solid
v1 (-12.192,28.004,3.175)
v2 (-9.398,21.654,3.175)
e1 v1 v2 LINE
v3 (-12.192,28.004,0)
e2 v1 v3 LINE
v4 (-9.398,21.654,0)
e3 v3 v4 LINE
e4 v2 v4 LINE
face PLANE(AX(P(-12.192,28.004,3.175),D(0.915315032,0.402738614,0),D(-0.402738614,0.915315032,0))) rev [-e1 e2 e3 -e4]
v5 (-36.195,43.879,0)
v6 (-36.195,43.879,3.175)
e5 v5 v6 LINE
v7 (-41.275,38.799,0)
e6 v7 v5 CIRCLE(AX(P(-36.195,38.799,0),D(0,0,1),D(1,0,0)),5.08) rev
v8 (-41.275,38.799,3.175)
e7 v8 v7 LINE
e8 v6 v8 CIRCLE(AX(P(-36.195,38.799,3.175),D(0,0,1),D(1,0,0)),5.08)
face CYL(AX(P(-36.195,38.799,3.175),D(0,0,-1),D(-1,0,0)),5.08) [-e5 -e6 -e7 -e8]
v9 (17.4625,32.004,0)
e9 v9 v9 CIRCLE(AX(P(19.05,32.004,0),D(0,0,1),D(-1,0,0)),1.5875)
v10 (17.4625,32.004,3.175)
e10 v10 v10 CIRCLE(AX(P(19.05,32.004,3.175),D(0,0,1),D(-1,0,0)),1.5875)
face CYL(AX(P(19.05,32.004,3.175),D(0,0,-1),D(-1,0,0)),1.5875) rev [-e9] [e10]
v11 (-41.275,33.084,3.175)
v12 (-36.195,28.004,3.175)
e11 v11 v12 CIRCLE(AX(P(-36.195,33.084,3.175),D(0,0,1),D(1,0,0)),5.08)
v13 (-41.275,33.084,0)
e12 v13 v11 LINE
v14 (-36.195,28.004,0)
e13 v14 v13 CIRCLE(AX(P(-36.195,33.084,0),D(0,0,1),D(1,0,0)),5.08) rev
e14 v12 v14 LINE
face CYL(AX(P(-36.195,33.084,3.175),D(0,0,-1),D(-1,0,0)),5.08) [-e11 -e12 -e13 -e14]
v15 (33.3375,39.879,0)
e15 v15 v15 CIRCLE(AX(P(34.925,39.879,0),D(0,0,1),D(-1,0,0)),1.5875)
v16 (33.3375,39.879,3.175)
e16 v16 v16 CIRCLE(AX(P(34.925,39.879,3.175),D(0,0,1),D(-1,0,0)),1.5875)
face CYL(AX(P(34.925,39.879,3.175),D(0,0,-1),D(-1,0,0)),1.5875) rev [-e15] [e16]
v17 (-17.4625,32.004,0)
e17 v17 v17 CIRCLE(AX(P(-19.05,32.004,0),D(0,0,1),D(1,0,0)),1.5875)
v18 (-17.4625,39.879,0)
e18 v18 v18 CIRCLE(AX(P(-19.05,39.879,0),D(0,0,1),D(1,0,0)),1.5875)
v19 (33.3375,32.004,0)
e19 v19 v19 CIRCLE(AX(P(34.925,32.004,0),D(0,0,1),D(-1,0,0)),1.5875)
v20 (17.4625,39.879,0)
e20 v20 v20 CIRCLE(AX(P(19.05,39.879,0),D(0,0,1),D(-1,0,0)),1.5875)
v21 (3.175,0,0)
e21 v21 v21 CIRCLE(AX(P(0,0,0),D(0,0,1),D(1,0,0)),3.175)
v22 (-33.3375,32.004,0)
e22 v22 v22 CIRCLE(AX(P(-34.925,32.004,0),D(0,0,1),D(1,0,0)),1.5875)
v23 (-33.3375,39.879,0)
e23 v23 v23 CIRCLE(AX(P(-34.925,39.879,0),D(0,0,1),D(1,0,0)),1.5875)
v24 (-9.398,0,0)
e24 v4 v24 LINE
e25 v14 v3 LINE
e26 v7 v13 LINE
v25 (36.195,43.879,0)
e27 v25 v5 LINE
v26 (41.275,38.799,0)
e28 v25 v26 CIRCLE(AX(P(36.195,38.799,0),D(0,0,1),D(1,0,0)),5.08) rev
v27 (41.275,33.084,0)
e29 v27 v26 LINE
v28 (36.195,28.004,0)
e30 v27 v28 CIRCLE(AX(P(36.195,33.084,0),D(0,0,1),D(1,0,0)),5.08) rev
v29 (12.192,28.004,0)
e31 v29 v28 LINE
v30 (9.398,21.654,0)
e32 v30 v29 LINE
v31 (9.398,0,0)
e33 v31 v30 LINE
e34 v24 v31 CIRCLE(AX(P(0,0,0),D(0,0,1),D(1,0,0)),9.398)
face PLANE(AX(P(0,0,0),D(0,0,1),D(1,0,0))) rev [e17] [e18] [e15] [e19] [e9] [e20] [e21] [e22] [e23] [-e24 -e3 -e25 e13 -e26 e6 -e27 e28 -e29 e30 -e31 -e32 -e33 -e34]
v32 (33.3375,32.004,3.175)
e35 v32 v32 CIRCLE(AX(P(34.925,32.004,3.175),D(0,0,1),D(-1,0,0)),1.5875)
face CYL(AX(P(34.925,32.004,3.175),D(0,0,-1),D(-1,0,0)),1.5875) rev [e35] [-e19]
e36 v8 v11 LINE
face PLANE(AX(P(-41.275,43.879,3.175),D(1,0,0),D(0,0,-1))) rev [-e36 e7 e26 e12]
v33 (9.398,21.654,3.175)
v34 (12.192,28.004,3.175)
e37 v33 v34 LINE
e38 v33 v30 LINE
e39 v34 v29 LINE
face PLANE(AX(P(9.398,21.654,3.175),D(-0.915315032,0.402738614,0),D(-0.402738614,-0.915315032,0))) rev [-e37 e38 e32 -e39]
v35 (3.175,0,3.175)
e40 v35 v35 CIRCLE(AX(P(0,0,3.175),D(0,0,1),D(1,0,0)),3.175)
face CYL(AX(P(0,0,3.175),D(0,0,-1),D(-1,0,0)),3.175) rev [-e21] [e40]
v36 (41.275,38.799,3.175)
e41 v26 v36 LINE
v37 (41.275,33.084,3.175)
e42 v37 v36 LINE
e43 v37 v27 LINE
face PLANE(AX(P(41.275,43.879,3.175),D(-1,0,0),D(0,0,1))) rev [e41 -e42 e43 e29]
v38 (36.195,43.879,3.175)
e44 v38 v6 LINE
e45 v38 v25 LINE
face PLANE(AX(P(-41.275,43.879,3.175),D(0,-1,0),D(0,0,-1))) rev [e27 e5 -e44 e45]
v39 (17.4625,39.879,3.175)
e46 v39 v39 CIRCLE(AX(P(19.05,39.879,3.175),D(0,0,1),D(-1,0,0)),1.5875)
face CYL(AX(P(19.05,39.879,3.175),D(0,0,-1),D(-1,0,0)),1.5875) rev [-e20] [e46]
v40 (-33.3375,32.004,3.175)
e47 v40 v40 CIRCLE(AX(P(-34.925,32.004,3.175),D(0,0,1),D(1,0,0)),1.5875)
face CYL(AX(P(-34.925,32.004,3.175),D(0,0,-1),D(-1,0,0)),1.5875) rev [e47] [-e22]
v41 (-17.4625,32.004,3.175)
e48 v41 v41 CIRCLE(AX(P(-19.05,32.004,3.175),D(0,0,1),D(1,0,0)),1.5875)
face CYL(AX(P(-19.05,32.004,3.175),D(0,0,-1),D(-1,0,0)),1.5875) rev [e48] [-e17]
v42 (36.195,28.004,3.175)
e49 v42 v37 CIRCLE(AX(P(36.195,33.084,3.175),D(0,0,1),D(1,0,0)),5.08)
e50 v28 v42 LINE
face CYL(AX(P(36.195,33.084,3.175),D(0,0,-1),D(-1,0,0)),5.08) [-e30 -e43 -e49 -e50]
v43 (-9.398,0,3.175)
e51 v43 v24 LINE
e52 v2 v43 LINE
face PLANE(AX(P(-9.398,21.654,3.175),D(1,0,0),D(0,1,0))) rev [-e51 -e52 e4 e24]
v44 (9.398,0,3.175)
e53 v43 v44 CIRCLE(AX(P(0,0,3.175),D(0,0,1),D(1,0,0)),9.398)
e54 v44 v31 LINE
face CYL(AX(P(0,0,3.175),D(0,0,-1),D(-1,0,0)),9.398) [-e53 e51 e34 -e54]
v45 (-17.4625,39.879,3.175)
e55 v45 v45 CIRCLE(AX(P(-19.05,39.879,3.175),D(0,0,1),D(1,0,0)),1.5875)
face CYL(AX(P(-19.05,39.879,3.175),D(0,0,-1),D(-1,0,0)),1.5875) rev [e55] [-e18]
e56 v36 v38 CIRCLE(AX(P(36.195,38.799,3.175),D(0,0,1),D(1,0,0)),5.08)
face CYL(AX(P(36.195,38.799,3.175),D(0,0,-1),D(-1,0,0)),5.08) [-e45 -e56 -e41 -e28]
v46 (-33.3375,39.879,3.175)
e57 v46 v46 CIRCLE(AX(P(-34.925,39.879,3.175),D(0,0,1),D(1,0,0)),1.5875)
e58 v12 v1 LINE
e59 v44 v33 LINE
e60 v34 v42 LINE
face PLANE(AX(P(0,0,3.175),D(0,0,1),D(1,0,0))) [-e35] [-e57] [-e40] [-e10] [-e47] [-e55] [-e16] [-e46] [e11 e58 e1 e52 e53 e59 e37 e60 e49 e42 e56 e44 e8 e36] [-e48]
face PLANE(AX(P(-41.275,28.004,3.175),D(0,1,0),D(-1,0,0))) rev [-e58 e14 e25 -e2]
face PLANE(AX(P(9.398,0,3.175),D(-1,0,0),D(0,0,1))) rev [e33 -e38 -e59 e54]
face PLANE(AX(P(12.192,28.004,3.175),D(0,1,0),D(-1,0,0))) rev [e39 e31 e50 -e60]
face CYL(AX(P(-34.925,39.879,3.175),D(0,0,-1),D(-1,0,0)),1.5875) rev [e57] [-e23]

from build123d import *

# Parameters (mm, degrees)
SKETCH1_R           = 3.175
SKETCH1_R_2         = 1.5875
BOSS_EXTRUDE1_DEPTH = 3.175
FILLET1_R           = 5.08


with BuildPart() as part:
    # Sketch1 → Boss-Extrude1 (new body)
    with BuildSketch(Plane.XY):
        with BuildLine():
            Line((-41.275, 43.879), (41.275, 43.879))
            Line((41.275, 43.879), (41.275, 28.004))
            Line((41.275, 28.004), (12.192, 28.004))
            Line((12.192, 28.004), (9.398, 21.654))
            Line((9.398, 21.654), (9.398, 0))
            ThreePointArc((9.398, 0), (0, -9.398), (-9.398, 0))
            Line((-9.398, 0), (-9.398, 21.654))
            Line((-9.398, 21.654), (-12.192, 28.004))
            Line((-12.192, 28.004), (-41.275, 28.004))
            Line((-41.275, 28.004), (-41.275, 43.879))
        make_face()
        Circle(SKETCH1_R, mode=Mode.SUBTRACT)
        with Locations((-19.05, 32.004)):
            Circle(SKETCH1_R_2, mode=Mode.SUBTRACT)
        with Locations((-34.925, 32.004)):
            Circle(SKETCH1_R_2, mode=Mode.SUBTRACT)
        with Locations((34.925, 32.004)):
            Circle(SKETCH1_R_2, mode=Mode.SUBTRACT)
        with Locations((19.05, 32.004)):
            Circle(SKETCH1_R_2, mode=Mode.SUBTRACT)
        with Locations((-19.05, 39.879)):
            Circle(SKETCH1_R_2, mode=Mode.SUBTRACT)
        with Locations((-34.925, 39.879)):
            Circle(SKETCH1_R_2, mode=Mode.SUBTRACT)
        with Locations((34.925, 39.879)):
            Circle(SKETCH1_R_2, mode=Mode.SUBTRACT)
        with Locations((19.05, 39.879)):
            Circle(SKETCH1_R_2, mode=Mode.SUBTRACT)
    extrude(amount=BOSS_EXTRUDE1_DEPTH)

    # Fillet1
    fillet1_edges = [part.edges().sort_by_distance(p)[0] for p in [
        (-41.275, 43.879, 1.5875),
        (41.275, 43.879, 1.5875),
        (41.275, 28.004, 1.5875),
        (-41.275, 28.004, 1.5875),
    ]]
    fillet(fillet1_edges, radius=FILLET1_R)


solid = part.part
